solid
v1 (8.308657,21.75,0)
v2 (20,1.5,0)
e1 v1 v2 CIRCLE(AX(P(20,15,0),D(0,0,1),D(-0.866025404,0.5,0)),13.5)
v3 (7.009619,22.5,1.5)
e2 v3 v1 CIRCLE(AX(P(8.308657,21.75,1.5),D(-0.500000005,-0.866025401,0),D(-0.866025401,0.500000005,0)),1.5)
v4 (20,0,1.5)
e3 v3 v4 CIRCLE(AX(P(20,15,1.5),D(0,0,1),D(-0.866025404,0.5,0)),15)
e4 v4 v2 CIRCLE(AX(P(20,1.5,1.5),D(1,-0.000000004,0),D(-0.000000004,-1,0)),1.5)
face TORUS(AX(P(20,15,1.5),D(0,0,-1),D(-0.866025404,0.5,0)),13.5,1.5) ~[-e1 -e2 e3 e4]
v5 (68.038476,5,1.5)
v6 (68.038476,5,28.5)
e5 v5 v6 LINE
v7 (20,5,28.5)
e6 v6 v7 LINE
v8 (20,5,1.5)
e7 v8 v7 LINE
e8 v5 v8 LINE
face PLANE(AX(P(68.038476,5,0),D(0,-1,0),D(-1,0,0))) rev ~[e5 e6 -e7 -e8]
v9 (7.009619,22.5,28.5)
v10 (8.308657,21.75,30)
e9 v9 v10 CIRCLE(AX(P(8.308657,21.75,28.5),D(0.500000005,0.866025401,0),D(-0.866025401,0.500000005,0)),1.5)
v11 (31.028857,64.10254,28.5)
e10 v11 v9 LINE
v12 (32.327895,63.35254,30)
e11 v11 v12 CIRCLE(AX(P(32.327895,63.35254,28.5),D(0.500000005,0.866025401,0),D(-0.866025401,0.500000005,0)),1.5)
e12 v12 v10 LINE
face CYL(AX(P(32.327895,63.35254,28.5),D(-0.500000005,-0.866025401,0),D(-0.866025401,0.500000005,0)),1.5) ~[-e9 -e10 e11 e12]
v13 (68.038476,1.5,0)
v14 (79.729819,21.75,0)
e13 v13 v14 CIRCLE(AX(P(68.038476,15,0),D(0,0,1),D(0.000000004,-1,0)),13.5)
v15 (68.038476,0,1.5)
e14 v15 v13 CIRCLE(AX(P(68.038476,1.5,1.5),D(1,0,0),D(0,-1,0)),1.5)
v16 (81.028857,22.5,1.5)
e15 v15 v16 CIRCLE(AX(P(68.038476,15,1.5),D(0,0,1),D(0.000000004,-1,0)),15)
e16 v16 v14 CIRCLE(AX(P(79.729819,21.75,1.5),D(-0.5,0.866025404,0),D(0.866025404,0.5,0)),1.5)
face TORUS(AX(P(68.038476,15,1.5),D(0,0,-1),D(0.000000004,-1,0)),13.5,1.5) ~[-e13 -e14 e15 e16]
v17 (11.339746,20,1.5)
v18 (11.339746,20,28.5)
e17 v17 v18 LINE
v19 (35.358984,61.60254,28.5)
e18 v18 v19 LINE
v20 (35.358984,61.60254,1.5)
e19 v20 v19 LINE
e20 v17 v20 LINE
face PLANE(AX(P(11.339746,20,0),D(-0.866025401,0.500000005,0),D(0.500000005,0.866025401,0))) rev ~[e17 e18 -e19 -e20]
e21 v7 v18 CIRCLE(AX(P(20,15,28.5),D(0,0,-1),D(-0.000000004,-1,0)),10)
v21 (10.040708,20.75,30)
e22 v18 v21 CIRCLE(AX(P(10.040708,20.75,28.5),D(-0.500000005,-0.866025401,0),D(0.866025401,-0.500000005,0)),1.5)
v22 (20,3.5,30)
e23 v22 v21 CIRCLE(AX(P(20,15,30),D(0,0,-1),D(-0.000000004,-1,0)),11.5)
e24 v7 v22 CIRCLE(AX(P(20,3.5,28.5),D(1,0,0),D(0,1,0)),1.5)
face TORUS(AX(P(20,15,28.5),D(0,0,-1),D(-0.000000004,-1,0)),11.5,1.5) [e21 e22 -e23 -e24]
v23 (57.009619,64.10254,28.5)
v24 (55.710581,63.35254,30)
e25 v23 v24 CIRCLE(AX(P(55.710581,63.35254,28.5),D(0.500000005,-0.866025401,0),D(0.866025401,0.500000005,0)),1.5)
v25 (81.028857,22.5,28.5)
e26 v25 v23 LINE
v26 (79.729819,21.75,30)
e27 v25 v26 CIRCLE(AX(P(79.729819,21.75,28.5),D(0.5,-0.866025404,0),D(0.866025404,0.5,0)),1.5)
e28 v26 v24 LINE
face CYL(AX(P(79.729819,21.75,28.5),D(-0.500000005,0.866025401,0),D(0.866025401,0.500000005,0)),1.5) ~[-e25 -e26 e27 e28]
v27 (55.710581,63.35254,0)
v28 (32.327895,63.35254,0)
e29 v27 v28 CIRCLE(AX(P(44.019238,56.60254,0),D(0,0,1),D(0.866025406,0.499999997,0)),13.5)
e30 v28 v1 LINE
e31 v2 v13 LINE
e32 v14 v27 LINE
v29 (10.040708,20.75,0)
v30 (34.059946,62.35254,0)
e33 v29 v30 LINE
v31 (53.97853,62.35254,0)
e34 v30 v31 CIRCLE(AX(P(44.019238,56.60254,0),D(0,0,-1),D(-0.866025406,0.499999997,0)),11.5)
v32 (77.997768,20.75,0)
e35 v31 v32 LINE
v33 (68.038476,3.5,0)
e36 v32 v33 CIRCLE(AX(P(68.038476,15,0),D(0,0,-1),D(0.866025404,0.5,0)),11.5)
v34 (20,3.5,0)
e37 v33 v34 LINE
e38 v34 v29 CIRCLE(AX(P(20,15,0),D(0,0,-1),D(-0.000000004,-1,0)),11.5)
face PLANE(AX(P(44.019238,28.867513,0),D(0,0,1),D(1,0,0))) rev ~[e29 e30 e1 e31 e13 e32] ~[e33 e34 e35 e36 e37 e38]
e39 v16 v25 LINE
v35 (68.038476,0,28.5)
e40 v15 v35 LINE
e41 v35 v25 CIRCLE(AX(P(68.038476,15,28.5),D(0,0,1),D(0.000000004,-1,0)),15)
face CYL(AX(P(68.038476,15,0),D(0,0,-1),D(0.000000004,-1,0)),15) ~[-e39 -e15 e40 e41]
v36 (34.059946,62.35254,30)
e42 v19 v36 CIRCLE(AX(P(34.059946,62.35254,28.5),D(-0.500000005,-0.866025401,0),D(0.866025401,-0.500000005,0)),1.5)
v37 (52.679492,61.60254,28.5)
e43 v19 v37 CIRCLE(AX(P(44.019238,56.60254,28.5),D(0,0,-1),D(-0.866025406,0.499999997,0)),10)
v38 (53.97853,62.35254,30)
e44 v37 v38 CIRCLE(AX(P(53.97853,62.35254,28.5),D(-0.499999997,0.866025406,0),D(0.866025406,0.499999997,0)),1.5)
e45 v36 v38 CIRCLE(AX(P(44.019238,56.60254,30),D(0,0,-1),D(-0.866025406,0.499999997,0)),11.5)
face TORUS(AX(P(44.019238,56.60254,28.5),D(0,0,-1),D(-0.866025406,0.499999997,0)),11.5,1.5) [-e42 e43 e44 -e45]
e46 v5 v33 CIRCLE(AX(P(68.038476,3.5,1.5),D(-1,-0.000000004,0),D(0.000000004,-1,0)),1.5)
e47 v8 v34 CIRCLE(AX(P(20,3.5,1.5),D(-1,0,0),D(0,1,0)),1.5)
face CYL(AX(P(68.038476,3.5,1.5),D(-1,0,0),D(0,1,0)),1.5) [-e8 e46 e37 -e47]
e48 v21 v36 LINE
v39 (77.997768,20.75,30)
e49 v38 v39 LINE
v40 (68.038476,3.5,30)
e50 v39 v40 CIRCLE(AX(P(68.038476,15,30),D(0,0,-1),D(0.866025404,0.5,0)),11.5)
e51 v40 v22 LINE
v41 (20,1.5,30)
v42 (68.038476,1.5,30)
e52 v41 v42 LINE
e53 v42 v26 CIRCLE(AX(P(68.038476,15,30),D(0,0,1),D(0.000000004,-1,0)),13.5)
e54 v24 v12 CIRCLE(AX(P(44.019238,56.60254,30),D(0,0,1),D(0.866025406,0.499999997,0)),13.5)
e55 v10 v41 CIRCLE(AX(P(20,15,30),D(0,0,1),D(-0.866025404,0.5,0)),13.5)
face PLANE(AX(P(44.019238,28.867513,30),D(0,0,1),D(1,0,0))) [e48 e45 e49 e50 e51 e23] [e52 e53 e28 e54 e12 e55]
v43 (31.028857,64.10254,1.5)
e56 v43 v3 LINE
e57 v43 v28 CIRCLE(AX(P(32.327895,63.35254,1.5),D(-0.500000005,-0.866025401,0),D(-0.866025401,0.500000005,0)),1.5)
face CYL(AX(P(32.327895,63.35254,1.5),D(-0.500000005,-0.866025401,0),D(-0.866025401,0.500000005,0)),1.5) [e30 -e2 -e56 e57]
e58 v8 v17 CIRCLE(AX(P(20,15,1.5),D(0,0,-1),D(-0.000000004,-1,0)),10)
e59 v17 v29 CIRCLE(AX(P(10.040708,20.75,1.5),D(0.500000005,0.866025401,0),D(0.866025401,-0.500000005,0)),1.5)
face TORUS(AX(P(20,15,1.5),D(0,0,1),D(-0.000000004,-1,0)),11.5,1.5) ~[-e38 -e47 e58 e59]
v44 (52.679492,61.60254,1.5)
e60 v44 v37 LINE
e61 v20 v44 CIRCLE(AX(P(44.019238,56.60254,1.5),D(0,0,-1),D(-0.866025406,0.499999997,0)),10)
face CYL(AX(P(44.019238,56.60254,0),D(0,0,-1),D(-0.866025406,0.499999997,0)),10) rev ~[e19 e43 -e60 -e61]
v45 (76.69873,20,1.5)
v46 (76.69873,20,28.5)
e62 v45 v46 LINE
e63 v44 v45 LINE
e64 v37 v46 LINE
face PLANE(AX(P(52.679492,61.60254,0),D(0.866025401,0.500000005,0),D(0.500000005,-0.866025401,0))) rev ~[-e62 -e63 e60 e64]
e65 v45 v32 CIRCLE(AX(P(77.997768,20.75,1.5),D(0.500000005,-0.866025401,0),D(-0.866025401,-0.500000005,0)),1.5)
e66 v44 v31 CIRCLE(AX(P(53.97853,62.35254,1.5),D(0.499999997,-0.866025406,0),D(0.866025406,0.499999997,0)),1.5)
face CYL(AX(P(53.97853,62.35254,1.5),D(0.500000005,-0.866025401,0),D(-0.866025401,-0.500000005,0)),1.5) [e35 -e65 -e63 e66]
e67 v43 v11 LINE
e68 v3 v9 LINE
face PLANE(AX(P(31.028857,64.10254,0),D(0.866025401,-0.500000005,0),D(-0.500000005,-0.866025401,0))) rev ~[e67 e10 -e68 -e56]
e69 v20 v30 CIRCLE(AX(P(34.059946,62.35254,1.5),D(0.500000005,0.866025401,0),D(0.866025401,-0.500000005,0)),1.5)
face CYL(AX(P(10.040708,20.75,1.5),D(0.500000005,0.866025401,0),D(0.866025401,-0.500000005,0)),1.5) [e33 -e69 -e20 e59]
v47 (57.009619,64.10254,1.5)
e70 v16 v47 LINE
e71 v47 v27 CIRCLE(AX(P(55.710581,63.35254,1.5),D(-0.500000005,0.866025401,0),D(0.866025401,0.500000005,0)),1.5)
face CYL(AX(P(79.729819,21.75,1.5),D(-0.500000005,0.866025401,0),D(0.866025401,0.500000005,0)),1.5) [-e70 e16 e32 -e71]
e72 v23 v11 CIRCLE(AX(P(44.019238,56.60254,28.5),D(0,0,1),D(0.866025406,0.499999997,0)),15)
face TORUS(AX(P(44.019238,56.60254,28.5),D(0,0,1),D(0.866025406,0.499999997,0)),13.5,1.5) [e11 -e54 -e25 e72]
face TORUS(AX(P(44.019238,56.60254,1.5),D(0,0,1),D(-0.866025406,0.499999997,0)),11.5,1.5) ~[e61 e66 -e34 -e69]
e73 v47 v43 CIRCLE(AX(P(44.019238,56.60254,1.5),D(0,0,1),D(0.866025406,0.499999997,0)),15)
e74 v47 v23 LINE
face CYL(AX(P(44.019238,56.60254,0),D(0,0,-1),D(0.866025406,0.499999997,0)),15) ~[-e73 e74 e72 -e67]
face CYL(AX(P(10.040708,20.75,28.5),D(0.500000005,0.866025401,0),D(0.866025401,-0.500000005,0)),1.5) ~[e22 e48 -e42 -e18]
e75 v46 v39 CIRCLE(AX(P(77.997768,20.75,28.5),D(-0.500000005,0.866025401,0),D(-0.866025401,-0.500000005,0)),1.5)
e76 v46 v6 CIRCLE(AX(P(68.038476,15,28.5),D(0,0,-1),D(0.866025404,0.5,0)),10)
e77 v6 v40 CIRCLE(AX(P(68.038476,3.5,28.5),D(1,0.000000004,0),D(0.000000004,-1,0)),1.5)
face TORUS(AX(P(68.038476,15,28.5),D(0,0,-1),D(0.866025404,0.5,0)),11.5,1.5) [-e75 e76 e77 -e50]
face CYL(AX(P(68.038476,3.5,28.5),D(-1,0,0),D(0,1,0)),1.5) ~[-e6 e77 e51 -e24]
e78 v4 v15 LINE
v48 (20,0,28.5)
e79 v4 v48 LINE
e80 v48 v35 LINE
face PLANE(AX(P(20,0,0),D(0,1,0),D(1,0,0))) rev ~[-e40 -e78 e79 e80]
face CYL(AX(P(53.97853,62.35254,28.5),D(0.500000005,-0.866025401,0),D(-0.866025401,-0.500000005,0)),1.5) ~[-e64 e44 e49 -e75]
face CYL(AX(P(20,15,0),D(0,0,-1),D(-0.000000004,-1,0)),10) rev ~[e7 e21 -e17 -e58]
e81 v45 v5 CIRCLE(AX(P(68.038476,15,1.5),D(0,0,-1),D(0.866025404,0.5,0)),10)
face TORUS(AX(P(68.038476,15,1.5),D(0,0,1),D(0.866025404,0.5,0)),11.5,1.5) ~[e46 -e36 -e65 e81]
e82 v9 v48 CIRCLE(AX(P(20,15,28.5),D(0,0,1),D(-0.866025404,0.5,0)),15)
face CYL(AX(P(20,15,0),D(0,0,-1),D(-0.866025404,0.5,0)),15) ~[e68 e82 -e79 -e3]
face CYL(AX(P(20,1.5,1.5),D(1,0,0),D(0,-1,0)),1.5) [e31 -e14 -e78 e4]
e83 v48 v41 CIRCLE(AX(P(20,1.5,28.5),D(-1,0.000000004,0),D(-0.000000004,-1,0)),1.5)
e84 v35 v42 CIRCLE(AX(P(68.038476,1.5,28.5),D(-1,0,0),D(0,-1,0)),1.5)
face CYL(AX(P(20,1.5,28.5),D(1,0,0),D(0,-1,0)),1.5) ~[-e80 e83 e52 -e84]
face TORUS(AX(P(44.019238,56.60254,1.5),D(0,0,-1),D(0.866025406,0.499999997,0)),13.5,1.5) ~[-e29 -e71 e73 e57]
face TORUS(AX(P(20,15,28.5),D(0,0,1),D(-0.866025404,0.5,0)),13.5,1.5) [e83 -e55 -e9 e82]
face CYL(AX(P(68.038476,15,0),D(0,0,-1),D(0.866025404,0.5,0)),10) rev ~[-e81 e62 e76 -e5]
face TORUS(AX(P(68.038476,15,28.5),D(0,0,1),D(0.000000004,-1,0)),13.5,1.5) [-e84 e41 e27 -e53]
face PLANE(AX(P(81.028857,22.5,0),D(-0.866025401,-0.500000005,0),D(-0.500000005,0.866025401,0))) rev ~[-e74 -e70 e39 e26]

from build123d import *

# Parameters (mm, degrees)
F1_DEPTH = 30
F2_R     = 1.5


with BuildPart() as f1:
    # F0 (on Top) → F1 (new body)
    with BuildSketch(Plane.XY):
        with BuildLine():
            ThreePointArc((7.009619, 22.5), (7.009619, 7.5), (20, 0))
            Line((20, 0), (68.038476, 0))
            ThreePointArc((68.038476, 0), (81.028857, 7.5), (81.028857, 22.5))
            Line((81.028857, 22.5), (57.009619, 64.10254))
            ThreePointArc((57.009619, 64.10254), (44.019238, 71.60254), (31.028857, 64.10254))
            Line((31.028857, 64.10254), (7.009619, 22.5))
        make_face()
        with BuildLine():
            Line((11.339746, 20), (35.358984, 61.60254))
            ThreePointArc((35.358984, 61.60254), (44.019238, 66.60254), (52.679492, 61.60254))
            Line((52.679492, 61.60254), (76.69873, 20))
            ThreePointArc((76.69873, 20), (76.69873, 10), (68.038476, 5))
            Line((68.038476, 5), (20, 5))
            ThreePointArc((20, 5), (11.339746, 10), (11.339746, 20))
        make_face(mode=Mode.SUBTRACT)
    extrude(amount=F1_DEPTH)

    # F2
    f2_edges = [f1.edges().sort_by_distance(p)[0] for p in [
        (31.028857, 64.10254, 15),
        (7.009619, 22.5, 15),
        (19.019238, 43.30127, 0),
        (19.019238, 43.30127, 30),
        (11.339746, 20, 15),
        (35.358984, 61.60254, 15),
        (23.349365, 40.80127, 0),
        (23.349365, 40.80127, 30),
    ]]
    fillet(f2_edges, radius=F2_R)


solid = f1.part
